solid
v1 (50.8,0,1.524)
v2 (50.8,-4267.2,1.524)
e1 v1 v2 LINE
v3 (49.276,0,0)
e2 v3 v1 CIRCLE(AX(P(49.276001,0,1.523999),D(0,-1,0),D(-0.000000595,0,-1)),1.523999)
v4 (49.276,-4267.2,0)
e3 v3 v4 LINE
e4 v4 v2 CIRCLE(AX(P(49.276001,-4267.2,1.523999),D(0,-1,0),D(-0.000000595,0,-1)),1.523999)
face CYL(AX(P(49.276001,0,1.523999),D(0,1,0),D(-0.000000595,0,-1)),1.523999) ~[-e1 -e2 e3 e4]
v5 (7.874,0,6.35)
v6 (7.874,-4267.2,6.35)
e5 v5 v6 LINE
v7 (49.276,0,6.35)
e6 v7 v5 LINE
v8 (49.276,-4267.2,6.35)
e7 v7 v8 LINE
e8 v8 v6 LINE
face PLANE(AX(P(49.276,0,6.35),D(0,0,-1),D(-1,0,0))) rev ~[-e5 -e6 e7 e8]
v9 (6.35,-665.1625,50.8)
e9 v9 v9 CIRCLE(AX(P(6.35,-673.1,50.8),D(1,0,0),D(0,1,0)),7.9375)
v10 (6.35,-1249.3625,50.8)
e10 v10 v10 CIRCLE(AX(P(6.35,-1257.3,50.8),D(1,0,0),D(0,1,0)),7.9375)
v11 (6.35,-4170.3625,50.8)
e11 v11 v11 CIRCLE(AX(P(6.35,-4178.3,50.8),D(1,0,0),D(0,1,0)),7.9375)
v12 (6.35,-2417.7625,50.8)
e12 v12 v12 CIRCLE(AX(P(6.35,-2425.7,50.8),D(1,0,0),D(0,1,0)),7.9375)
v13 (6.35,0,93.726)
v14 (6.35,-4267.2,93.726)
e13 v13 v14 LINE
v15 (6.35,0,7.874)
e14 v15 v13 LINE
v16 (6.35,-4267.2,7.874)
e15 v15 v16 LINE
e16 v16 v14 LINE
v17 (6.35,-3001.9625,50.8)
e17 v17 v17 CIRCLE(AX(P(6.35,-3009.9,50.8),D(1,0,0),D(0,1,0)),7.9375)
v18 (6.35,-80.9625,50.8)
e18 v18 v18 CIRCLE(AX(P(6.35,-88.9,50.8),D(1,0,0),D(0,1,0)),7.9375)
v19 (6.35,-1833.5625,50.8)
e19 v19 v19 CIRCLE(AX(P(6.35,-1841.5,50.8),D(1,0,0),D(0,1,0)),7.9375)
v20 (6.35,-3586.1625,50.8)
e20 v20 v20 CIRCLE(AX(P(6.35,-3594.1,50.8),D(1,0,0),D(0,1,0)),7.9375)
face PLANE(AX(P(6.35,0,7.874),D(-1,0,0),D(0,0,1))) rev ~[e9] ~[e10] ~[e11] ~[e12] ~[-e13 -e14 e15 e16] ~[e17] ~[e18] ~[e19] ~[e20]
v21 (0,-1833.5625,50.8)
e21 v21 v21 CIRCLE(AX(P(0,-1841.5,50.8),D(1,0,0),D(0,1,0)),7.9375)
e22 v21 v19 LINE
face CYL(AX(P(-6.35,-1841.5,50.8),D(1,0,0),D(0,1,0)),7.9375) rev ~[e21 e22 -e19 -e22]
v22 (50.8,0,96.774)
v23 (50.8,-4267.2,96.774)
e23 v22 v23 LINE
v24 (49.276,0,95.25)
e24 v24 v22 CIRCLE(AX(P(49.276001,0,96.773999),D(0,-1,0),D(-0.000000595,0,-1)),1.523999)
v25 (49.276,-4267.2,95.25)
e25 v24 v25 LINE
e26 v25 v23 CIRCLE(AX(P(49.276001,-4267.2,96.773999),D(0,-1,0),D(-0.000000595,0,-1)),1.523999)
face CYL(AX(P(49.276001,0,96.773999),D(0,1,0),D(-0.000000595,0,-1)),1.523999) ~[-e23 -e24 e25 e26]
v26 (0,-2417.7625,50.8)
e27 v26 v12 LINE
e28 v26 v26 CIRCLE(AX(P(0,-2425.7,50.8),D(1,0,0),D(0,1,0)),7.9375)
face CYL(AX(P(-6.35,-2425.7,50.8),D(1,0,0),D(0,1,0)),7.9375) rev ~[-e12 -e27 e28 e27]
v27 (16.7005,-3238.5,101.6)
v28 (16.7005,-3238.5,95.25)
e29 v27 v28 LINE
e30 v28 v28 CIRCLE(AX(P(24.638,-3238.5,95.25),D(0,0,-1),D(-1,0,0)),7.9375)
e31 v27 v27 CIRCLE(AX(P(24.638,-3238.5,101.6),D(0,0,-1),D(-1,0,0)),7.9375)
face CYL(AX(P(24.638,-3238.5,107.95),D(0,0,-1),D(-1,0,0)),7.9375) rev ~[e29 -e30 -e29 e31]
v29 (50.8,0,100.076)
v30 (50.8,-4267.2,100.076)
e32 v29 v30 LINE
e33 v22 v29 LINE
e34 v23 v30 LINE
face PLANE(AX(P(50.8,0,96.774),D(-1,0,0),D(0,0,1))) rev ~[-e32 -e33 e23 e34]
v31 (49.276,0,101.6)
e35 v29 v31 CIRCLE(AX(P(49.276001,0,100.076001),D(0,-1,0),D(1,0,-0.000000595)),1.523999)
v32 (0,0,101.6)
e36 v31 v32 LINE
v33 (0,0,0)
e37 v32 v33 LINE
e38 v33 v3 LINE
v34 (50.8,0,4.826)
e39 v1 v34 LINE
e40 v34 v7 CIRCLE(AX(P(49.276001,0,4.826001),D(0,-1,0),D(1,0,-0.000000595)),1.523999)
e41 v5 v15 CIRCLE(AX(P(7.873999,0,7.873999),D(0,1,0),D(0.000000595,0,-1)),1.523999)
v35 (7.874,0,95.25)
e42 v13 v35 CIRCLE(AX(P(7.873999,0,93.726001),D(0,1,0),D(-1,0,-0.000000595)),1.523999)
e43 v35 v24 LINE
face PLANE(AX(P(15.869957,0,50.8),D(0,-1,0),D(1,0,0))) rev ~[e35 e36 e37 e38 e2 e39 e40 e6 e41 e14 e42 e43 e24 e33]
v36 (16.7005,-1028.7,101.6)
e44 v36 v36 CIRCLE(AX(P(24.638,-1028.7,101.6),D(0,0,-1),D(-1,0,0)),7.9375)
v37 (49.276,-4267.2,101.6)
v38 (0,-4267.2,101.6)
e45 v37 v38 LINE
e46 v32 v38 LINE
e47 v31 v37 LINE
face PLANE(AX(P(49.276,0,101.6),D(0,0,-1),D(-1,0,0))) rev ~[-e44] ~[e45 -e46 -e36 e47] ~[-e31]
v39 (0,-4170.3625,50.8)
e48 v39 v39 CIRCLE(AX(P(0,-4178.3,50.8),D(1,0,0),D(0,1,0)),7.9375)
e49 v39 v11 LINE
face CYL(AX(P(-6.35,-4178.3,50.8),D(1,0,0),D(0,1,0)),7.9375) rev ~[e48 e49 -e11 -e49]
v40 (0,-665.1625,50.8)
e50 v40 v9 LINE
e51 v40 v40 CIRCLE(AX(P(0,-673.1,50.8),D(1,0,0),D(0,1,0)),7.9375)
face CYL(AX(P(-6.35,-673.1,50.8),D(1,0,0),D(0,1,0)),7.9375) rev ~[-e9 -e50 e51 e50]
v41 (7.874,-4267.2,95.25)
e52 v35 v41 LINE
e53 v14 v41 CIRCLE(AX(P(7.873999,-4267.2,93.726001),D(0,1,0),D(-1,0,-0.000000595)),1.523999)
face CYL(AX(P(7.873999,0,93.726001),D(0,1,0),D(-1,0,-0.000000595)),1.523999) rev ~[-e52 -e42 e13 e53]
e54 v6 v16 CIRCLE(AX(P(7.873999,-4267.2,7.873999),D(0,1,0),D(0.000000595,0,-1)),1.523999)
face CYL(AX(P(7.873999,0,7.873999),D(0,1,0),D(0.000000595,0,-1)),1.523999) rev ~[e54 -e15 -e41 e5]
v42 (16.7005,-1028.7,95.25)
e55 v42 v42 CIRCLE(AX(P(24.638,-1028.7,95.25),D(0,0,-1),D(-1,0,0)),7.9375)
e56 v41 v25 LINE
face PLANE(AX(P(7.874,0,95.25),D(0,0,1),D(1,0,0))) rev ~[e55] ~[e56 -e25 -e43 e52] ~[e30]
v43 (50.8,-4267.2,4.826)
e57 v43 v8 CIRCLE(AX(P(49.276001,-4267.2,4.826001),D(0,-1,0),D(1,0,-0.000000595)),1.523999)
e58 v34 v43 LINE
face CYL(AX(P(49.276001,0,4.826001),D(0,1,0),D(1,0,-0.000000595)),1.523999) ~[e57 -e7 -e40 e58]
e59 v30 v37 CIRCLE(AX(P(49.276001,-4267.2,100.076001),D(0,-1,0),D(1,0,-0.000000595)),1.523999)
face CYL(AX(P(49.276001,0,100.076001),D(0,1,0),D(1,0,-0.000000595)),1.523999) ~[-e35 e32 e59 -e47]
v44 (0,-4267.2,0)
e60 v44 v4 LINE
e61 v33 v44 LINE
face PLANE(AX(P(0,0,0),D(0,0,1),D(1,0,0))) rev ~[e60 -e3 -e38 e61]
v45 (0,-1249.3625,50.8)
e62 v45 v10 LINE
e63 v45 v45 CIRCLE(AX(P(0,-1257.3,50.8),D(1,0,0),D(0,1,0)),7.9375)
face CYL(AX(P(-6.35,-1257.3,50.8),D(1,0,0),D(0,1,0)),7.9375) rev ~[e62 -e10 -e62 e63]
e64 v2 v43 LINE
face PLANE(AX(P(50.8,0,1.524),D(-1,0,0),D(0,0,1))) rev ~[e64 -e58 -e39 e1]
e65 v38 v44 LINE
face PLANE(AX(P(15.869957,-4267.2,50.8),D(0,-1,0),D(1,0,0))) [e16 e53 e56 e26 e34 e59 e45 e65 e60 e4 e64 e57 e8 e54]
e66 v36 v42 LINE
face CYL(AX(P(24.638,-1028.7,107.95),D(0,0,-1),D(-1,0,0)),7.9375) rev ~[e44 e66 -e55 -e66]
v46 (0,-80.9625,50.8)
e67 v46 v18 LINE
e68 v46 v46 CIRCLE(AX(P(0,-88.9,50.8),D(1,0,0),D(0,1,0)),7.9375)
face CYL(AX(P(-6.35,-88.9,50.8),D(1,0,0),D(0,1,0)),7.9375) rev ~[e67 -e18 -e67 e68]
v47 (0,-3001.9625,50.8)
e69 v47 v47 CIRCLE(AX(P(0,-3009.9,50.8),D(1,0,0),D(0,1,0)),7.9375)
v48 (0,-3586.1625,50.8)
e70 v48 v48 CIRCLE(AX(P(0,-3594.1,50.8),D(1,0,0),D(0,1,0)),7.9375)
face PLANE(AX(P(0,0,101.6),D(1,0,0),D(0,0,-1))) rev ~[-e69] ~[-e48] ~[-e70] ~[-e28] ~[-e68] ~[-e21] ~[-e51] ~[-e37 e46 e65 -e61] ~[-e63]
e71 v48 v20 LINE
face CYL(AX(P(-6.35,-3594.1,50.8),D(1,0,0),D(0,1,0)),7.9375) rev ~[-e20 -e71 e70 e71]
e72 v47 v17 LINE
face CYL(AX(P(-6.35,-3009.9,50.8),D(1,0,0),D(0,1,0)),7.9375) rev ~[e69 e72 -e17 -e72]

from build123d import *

# Parameters (mm, degrees)
F1_DEPTH = 4267.2
F3_D     = 15.875
F3_DEPTH = 6.35
F5_D     = 15.875
F5_DEPTH = 6.35


with BuildPart() as f1:
    # F0 (on Front) → F1 (new body)
    with BuildSketch(Plane.XZ):
        with BuildLine():
            Line((0, 101.6), (0, 0))
            Line((0, 0), (49.276, 0))
            ThreePointArc((49.276, 0), (50.353631, 0.446369), (50.8, 1.524))
            Line((50.8, 1.524), (50.8, 4.826))
            ThreePointArc((50.8, 4.826), (50.353631, 5.903631), (49.276, 6.35))
            Line((49.276, 6.35), (7.874, 6.35))
            ThreePointArc((7.874, 6.35), (6.796369, 6.796369), (6.35, 7.874))
            Line((6.35, 7.874), (6.35, 93.726))
            ThreePointArc((6.35, 93.726), (6.796369, 94.803631), (7.874, 95.25))
            Line((7.874, 95.25), (49.276, 95.25))
            ThreePointArc((49.276, 95.25), (50.353631, 95.696369), (50.8, 96.774))
            Line((50.8, 96.774), (50.8, 100.076))
            ThreePointArc((50.8, 100.076), (50.353631, 101.153631), (49.276, 101.6))
            Line((49.276, 101.6), (0, 101.6))
        make_face()
    extrude(amount=F1_DEPTH)

    # F3
    with Locations(Plane.XY.offset(101.6)):
        with Locations((24.638, -3238.5), (24.638, -1028.7)):
            Hole(F3_D / 2, depth=F3_DEPTH)

    # F5
    with Locations(Plane(origin=(0, 0, 0), x_dir=(0, -1, 0), z_dir=(-1, 0, 0))):
        with Locations((88.9, 50.8), (673.1, 50.8), (1257.3, 50.8), (1841.5, 50.8), (2425.7, 50.8), (3009.9, 50.8), (3594.1, 50.8), (4178.3, 50.8)):
            Hole(F5_D / 2, depth=F5_DEPTH)


solid = f1.part
